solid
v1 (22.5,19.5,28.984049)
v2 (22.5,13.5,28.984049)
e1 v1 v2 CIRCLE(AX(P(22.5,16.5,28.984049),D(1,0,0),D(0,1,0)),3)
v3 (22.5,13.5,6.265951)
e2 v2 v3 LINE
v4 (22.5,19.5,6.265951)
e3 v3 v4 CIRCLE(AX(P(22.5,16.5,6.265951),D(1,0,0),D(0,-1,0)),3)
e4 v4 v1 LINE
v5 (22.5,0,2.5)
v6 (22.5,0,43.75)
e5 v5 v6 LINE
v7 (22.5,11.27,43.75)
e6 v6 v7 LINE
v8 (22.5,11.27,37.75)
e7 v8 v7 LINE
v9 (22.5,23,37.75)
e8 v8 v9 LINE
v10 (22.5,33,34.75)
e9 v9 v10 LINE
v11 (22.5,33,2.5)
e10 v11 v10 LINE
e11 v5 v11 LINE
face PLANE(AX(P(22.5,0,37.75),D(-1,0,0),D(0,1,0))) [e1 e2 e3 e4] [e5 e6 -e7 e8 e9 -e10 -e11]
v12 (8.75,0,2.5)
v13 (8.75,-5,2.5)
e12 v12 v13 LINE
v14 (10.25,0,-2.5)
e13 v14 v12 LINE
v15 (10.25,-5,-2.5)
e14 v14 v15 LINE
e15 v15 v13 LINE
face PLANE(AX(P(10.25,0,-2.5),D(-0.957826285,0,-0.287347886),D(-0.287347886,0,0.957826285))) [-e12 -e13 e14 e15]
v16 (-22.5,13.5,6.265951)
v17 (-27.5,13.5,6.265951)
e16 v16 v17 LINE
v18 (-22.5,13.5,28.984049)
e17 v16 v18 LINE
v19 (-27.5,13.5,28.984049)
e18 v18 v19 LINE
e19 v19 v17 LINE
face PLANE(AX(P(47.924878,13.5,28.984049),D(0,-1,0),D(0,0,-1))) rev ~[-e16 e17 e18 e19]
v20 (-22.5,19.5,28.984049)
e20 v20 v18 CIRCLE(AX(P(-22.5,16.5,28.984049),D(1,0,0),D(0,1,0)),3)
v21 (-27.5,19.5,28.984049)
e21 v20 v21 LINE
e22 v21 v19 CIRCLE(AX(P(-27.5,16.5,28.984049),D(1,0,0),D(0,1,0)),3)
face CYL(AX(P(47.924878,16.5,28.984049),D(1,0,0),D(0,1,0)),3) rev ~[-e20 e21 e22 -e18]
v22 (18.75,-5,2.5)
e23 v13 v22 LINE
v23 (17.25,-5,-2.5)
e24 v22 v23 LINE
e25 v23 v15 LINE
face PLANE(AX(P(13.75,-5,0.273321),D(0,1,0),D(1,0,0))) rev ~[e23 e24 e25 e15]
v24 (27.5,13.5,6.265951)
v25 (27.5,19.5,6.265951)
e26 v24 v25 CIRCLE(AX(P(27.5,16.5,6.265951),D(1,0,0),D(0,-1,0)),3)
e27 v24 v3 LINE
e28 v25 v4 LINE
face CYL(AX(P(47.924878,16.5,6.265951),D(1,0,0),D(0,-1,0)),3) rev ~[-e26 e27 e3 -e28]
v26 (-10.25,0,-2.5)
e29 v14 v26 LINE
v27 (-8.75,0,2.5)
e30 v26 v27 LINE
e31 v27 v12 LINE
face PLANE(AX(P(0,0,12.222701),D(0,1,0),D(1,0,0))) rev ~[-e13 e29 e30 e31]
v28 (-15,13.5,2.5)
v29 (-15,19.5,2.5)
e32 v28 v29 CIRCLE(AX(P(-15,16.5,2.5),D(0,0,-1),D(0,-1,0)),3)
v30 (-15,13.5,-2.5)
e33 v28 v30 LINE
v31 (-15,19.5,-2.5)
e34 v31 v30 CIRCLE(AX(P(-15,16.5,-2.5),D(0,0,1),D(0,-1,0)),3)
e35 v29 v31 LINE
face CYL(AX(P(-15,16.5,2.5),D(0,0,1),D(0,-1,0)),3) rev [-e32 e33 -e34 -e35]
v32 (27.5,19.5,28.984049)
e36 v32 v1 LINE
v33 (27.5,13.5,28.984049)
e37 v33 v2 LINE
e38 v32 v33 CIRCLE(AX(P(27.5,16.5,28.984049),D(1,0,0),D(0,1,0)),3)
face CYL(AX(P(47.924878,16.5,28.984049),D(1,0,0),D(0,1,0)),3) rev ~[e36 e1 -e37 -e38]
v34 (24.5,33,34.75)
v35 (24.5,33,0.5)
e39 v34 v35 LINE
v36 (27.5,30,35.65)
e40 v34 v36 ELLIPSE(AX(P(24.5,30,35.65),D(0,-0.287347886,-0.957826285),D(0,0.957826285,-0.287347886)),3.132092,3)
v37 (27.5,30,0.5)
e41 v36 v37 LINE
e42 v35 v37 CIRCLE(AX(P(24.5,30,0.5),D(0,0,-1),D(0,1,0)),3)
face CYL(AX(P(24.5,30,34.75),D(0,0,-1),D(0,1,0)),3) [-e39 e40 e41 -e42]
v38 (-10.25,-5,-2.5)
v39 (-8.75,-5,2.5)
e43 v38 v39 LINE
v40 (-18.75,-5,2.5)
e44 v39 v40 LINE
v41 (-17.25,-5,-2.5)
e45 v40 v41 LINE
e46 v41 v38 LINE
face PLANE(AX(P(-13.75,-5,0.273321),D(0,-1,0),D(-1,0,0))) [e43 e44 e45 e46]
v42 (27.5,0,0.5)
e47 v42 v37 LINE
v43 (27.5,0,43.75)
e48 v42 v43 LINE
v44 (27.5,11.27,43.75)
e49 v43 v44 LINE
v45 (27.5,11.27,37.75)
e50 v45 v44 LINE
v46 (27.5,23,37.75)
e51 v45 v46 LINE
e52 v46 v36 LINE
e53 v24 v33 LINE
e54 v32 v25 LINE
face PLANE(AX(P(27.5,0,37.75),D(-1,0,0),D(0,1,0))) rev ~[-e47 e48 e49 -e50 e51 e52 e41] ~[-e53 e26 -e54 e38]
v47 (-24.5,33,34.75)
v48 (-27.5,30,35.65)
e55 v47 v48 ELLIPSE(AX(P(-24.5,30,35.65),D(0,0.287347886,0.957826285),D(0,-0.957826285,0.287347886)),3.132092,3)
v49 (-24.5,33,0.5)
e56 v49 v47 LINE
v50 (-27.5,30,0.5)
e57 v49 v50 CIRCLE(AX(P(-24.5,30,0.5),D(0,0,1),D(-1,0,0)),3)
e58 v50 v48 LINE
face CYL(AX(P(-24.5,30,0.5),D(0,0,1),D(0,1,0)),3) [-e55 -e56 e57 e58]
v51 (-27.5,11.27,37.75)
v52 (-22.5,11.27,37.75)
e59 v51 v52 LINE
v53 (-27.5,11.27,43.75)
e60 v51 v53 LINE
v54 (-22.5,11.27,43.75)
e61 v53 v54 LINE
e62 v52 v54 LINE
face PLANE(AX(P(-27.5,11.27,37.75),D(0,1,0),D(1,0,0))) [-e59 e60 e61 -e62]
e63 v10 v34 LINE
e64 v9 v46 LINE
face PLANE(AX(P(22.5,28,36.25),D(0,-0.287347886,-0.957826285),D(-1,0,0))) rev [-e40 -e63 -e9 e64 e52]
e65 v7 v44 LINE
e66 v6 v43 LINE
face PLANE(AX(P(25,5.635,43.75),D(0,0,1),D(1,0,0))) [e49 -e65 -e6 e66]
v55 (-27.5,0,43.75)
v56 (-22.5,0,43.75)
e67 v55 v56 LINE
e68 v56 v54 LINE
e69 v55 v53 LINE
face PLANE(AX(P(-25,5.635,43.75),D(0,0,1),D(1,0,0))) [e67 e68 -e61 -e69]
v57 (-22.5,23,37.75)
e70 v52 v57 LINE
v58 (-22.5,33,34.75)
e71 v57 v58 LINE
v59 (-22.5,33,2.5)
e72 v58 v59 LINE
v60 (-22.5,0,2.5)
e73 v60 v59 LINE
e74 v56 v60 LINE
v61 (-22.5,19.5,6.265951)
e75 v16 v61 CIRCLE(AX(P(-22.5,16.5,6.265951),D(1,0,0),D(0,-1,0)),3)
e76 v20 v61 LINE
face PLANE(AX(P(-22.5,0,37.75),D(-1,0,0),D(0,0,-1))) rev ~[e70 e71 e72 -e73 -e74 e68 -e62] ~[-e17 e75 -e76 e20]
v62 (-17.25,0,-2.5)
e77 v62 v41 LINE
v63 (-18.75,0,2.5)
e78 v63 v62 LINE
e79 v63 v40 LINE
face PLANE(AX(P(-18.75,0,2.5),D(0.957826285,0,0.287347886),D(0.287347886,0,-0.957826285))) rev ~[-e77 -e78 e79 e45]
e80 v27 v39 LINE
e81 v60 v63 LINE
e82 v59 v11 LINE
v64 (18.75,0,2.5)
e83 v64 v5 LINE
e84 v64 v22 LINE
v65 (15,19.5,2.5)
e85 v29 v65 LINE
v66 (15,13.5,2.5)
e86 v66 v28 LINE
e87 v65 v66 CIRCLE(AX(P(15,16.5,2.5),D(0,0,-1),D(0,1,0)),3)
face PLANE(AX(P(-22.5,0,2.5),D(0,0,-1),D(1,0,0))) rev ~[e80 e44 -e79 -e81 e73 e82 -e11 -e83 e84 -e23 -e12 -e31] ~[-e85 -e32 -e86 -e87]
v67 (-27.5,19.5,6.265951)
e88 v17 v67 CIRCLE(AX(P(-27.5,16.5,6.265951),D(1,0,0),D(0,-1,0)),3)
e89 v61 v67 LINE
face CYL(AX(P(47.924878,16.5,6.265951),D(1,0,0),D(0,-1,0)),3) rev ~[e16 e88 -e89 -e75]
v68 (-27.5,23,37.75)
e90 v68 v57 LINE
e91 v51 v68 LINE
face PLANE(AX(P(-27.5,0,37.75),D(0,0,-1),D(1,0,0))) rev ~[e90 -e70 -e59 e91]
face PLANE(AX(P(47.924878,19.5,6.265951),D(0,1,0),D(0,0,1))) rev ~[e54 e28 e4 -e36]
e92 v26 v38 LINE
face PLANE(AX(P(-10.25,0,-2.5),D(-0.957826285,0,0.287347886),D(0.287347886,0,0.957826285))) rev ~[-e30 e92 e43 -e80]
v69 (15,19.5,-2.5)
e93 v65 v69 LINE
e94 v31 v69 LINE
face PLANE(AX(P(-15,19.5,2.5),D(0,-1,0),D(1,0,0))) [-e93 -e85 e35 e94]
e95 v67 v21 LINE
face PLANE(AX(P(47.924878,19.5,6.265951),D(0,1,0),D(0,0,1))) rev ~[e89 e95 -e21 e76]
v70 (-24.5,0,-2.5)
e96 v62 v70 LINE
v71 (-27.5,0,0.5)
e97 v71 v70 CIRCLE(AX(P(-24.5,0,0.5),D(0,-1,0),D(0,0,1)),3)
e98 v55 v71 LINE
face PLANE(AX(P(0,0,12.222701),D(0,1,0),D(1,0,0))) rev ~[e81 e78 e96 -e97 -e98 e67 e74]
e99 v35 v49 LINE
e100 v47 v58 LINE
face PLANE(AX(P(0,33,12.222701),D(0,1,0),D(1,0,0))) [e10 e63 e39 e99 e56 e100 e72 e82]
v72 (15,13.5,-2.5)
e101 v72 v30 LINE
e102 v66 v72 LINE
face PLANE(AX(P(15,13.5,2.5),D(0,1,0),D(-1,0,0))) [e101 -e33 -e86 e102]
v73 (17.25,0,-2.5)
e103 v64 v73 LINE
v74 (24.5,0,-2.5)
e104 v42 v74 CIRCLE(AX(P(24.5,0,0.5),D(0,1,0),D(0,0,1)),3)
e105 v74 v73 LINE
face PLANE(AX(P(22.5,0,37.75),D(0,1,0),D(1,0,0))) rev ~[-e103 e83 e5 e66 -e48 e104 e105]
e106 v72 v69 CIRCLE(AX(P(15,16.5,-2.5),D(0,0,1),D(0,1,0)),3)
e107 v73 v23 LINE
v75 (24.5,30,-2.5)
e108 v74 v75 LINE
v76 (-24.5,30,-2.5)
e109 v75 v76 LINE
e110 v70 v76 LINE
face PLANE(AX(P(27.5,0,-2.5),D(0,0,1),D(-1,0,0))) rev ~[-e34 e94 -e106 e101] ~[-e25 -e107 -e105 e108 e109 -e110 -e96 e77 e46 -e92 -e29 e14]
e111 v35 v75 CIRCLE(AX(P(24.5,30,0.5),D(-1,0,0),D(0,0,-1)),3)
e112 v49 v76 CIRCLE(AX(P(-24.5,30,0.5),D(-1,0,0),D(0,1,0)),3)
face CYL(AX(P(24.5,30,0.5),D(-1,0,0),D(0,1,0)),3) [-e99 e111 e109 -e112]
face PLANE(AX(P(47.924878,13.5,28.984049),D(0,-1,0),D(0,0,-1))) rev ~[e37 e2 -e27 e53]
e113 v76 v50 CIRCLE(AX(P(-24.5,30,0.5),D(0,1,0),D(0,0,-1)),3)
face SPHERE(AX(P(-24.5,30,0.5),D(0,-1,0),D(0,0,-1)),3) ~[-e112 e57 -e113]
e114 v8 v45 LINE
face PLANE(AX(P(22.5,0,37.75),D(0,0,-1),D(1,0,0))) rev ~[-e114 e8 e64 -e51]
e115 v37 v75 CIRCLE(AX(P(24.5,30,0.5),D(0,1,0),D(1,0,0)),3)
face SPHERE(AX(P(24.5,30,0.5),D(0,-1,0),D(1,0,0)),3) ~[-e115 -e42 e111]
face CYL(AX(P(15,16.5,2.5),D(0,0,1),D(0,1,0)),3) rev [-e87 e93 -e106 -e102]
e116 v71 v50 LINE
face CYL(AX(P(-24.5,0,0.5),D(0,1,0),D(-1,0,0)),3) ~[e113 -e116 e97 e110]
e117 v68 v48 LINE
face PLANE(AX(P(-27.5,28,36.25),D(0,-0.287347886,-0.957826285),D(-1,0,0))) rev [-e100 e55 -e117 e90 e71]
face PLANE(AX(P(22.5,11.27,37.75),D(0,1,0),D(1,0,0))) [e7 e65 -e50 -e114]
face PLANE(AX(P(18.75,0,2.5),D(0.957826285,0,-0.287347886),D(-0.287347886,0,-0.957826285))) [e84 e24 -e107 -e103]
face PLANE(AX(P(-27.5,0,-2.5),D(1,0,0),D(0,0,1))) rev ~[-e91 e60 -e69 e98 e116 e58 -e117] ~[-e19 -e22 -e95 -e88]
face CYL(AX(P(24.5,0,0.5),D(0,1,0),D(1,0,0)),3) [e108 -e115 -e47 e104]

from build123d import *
from OCP.BRepFilletAPI import BRepFilletAPI_MakeChamfer

# Parameters (mm, degrees)
BOSS_EXTRUDE1_DEPTH     = 5
BOSS_EXTRUDE1_2_DEPTH   = 5
BOSS_EXTRUDE2_DEPTH     = 33
CUT_EXTRUDE1_DEPTH      = 75.424878233
CUT_EXTRUDE1_DEPTH_BACK = 75.424878233
SKETCH4_W               = 5
SKETCH4_H               = 11.27
BOSS_EXTRUDE3_DEPTH     = 6
CHAMFER1_SIZE           = 10
CHAMFER1_SIZE2          = 3
CUT_EXTRUDE2_DEPTH      = 60.555121526
FILLET1_R               = 3
FILLET2_R               = 3


with BuildPart() as part:
    # Sketch1 → Boss-Extrude1 (new body)
    with BuildSketch(Plane(origin=(0, 0, 0), x_dir=(1, 0, 0), z_dir=(0, 1, 0))):
        Polygon((-18.75, -2.5), (-17.25, 2.5), (-10.25, 2.5), (-8.75, -2.5), align=None)
    extrude(amount=-BOSS_EXTRUDE1_DEPTH)



with BuildPart() as body_2:
    # Sketch1 → Boss-Extrude1 2 (new body)
    with BuildSketch(Plane(origin=(0, 0, 0), x_dir=(1, 0, 0), z_dir=(0, 1, 0))):
        Polygon((17.25, 2.5), (10.25, 2.5), (8.75, -2.5), (18.75, -2.5), align=None)
    extrude(amount=-BOSS_EXTRUDE1_2_DEPTH)


with BuildPart() as part_1:
    add(part.part)

    add(body_2.part)  # Boss-Extrude2 merges body 2
    # Sketch2 → Boss-Extrude2 (add)
    with BuildSketch(Plane(origin=(0, 0, 0), x_dir=(1, 0, 0), z_dir=(0, 1, 0))):
        Polygon((27.5, 2.5), (-27.5, 2.5), (-27.5, -2.5), (-27.5, -37.75), (-22.5, -37.75), (-22.5, -2.5), (22.5, -2.5), (22.5, -37.75), (27.5, -37.75), (27.5, -2.5), align=None)
    extrude(amount=BOSS_EXTRUDE2_DEPTH)

    # Sketch3 → Cut-Extrude1 (cut, two sides: drawn at the far end of the back side and taken through both)
    with BuildSketch(Plane.ZY.offset(27.5).offset(-CUT_EXTRUDE1_DEPTH_BACK)):
        with BuildLine():
            Line((6.265950561, 19.5), (28.984049439, 19.5))
            ThreePointArc((28.984049439, 19.5), (31.984049439, 16.5), (28.984049439, 13.5))
            Line((28.984049439, 13.5), (6.265950561, 13.5))
            ThreePointArc((6.265950561, 13.5), (3.265950561, 16.5), (6.265950561, 19.5))
        make_face()
    extrude(amount=CUT_EXTRUDE1_DEPTH + CUT_EXTRUDE1_DEPTH_BACK, mode=Mode.SUBTRACT)

    # Sketch4 → Boss-Extrude3 (add)
    with BuildSketch(Plane.XY.offset(37.75)):
        with Locations((25, 5.635)):
            Rectangle(SKETCH4_W, SKETCH4_H)
        with Locations((-25, 5.635)):
            Rectangle(SKETCH4_W, SKETCH4_H)
    extrude(amount=BOSS_EXTRUDE3_DEPTH)

    # Chamfer1: one chamfer whose edges measure the first distance from different faces: ONE call of the kernel's chamfer builder (chamfer() names one face for all edges)
    chamfer1_edges_1 = [part_1.edges().sort_by_distance(p)[0] for p in [
        (-25, 33, 37.75),
    ]]
    chamfer1_side_1 = [part_1.faces().sort_by_distance(p)[0] for p in [
        (-25, 22.135, 37.75),
    ]]
    chamfer1_edges_2 = [part_1.edges().sort_by_distance(p)[0] for p in [
        (25, 33, 37.75),
    ]]
    chamfer1_side_2 = [part_1.faces().sort_by_distance(p)[0] for p in [
        (25, 22.135, 37.75),
    ]]
    chamfer1 = BRepFilletAPI_MakeChamfer(part_1.part.solid().wrapped)
    for e in chamfer1_edges_1:
        chamfer1.Add(CHAMFER1_SIZE, CHAMFER1_SIZE2, e.wrapped, chamfer1_side_1[0].wrapped)  # the first distance lies on this face
    for e in chamfer1_edges_2:
        chamfer1.Add(CHAMFER1_SIZE, CHAMFER1_SIZE2, e.wrapped, chamfer1_side_2[0].wrapped)  # the first distance lies on this face
    add(Compound.cast(chamfer1.Shape()), mode=Mode.REPLACE)

    # Sketch7 → Cut-Extrude2 (cut, through all)
    with BuildSketch(Plane.XY.offset(2.5)):
        with BuildLine():
            Line((-15, 19.5), (15, 19.5))
            ThreePointArc((15, 19.5), (18, 16.5), (15, 13.5))
            Line((15, 13.5), (-15, 13.5))
            ThreePointArc((-15, 13.5), (-18, 16.5), (-15, 19.5))
        make_face()
    extrude(amount=-CUT_EXTRUDE2_DEPTH, mode=Mode.SUBTRACT)

    # Fillet1
    fillet1_edges = [part_1.edges().sort_by_distance(p)[0] for p in [
        (27.5, 16.5, -2.5),
        (-27.5, 16.5, -2.5),
    ]]
    fillet(fillet1_edges, radius=FILLET1_R)

    # Fillet2
    fillet2_edges = [part_1.edges().sort_by_distance(p)[0] for p in [
        (27.5, 33, 17.625),
        (-27.5, 33, 17.625),
        (0, 33, -2.5),
        (26.621320344, 33, -1.621320344),
        (-26.621320344, 33, -1.621320344),
    ]]
    fillet(fillet2_edges, radius=FILLET2_R)


solid = part_1.part
